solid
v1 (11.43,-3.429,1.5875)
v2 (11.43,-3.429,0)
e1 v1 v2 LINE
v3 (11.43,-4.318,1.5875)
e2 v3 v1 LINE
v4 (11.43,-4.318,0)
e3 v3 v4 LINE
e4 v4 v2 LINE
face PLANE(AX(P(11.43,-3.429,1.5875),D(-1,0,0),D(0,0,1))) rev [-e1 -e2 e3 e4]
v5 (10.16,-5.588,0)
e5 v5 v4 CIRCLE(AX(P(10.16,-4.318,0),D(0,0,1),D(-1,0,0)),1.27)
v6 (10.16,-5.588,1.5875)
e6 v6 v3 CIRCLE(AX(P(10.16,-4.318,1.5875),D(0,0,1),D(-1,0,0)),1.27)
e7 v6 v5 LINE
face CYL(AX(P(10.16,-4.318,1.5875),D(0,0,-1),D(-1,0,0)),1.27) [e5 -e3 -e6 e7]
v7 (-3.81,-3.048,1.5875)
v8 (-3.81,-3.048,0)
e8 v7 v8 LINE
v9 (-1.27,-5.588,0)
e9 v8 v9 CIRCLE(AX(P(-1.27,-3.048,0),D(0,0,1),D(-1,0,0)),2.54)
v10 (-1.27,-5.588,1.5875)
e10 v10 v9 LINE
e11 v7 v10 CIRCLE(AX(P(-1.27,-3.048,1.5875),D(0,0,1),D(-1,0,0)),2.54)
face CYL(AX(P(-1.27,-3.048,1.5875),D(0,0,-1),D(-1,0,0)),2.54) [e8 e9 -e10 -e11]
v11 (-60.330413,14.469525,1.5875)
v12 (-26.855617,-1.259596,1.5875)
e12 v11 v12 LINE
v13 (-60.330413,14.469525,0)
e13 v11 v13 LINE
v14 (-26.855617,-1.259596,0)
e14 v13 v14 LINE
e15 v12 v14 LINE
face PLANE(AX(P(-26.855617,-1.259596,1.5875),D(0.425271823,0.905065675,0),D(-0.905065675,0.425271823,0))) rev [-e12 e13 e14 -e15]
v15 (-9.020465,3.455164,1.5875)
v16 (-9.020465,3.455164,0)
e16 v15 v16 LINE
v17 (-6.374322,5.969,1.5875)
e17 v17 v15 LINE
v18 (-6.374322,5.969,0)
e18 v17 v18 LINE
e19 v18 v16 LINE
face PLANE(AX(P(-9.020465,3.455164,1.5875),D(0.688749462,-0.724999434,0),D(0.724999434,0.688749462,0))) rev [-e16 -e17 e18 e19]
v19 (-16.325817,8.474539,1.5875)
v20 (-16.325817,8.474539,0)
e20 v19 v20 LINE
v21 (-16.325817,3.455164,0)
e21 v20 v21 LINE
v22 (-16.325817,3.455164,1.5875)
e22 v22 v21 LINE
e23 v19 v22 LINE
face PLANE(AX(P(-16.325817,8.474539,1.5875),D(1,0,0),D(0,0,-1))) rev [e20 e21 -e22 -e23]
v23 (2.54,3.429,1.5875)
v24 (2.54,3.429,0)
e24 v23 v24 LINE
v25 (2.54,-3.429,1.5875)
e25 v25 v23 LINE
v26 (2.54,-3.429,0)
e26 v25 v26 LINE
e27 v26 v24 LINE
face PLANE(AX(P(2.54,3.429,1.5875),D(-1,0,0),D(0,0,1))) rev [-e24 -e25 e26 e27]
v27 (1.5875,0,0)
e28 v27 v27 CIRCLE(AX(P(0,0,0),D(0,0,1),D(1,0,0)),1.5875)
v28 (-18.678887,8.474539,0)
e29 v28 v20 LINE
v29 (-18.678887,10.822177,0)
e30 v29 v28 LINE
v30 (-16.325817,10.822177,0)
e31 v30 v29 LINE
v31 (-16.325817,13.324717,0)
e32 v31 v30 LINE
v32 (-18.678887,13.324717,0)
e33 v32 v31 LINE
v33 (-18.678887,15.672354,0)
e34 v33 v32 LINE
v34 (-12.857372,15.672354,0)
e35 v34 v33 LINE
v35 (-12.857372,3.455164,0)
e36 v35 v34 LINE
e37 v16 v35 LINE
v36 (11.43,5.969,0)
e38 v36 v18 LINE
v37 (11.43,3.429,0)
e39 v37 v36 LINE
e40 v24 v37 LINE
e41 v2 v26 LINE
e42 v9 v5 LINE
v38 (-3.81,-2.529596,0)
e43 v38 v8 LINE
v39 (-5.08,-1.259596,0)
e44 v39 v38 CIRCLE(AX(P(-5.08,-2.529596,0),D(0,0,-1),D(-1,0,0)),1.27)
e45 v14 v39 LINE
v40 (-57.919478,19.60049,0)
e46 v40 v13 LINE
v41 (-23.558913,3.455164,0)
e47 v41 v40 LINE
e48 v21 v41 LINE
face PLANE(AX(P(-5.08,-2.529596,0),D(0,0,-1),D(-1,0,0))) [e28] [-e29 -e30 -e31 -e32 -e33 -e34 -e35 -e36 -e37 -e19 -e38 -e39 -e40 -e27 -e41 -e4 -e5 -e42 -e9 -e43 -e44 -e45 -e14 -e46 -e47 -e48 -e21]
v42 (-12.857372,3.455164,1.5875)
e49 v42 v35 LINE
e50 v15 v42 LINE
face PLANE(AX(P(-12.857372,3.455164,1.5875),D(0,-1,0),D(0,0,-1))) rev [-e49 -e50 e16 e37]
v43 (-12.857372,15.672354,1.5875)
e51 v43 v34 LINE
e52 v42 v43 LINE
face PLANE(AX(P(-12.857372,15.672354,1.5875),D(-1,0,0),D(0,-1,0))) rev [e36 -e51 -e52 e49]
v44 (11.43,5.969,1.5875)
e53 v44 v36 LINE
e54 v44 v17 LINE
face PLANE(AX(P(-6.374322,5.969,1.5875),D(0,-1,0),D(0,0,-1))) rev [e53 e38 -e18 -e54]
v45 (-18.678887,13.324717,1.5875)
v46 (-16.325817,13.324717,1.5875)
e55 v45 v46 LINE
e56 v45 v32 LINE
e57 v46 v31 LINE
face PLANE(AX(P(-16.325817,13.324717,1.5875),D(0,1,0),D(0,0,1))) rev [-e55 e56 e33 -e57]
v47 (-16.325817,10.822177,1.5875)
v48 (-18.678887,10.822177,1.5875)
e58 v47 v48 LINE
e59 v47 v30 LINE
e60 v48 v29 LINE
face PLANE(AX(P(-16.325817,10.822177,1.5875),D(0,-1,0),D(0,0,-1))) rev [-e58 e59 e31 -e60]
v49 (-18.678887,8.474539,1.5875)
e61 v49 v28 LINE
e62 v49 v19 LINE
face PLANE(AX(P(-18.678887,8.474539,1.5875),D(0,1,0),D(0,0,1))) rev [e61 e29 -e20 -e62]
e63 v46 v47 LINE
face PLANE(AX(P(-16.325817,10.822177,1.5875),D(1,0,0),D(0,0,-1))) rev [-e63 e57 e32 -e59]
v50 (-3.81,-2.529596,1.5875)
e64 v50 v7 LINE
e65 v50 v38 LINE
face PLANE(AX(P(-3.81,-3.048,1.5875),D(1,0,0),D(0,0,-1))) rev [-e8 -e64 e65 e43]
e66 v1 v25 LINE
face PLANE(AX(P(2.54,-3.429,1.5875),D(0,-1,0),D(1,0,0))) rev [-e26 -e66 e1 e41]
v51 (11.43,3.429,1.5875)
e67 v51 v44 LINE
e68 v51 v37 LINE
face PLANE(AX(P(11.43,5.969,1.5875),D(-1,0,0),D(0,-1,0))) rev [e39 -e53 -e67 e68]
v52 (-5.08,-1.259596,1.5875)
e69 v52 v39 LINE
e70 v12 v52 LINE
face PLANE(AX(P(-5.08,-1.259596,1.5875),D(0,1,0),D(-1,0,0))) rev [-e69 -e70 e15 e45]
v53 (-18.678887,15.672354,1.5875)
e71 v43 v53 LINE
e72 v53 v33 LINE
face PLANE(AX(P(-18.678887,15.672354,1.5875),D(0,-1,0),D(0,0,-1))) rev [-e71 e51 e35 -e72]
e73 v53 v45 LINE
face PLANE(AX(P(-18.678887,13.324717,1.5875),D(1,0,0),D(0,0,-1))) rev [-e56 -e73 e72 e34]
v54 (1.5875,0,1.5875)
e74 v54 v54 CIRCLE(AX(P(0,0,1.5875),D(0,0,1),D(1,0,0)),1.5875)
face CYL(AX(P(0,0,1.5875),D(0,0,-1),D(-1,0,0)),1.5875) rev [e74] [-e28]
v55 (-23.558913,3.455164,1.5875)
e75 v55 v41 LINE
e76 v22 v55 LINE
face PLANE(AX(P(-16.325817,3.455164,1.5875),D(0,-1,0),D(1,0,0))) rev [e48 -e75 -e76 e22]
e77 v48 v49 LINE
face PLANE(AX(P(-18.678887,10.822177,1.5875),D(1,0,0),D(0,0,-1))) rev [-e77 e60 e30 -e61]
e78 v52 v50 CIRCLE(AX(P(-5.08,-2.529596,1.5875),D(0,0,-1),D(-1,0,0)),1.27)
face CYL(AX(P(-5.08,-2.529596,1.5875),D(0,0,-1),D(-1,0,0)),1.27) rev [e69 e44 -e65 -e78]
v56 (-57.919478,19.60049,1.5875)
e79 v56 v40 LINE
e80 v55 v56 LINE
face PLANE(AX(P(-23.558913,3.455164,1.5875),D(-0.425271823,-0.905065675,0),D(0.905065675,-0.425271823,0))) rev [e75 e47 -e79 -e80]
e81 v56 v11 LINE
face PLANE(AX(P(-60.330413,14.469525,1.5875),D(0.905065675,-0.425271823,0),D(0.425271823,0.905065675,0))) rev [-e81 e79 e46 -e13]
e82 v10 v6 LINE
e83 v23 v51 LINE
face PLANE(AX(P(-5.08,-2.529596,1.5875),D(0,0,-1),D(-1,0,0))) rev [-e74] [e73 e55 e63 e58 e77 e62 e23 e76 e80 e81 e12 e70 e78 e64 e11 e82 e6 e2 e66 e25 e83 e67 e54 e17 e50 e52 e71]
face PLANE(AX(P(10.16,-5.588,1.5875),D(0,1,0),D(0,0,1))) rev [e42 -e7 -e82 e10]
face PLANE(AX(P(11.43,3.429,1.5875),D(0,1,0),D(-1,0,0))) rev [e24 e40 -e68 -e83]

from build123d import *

# Parameters (mm, degrees)
SKETCH1_R           = 1.5875
BOSS_EXTRUDE1_DEPTH = 1.5875


with BuildPart() as part:
    # Sketch1 → Boss-Extrude1 (new body)
    with BuildSketch(Plane.XY):
        with BuildLine():
            Line((-16.325816956, 3.455164033), (-23.558913278, 3.455164033))
            Line((-23.558913278, 3.455164033), (-57.919477855, 19.600489558))
            Line((-57.919477855, 19.600489558), (-60.33041288, 14.469525274))
            Line((-60.33041288, 14.469525274), (-26.855616668, -1.259595838))
            Line((-26.855616668, -1.259595838), (-5.08, -1.259595838))
            ThreePointArc((-5.08, -1.259595838), (-4.181974388, -1.631570226), (-3.81, -2.529595838))
            Line((-3.81, -2.529595838), (-3.81, -3.048))
            ThreePointArc((-3.81, -3.048), (-3.066051224, -4.844051224), (-1.27, -5.588))
            Line((-1.27, -5.588), (10.16, -5.588))
            ThreePointArc((10.16, -5.588), (11.058025612, -5.216025612), (11.43, -4.318))
            Line((11.43, -4.318), (11.43, -3.429))
            Line((11.43, -3.429), (2.54, -3.429))
            Line((2.54, -3.429), (2.54, 3.429))
            Line((2.54, 3.429), (11.43, 3.429))
            Line((11.43, 3.429), (11.43, 5.969))
            Line((11.43, 5.969), (-6.374321652, 5.969))
            Line((-6.374321652, 5.969), (-9.020464775, 3.455164033))
            Line((-9.020464775, 3.455164033), (-12.857372303, 3.455164033))
            Line((-12.857372303, 3.455164033), (-12.857372303, 15.672353851))
            Line((-12.857372303, 15.672353851), (-18.678887174, 15.672353851))
            Line((-18.678887174, 15.672353851), (-18.678887174, 13.324716524))
            Line((-18.678887174, 13.324716524), (-16.325816956, 13.324716524))
            Line((-16.325816956, 13.324716524), (-16.325816956, 10.822176612))
            Line((-16.325816956, 10.822176612), (-18.678887174, 10.822176612))
            Line((-18.678887174, 10.822176612), (-18.678887174, 8.474539284))
            Line((-18.678887174, 8.474539284), (-16.325816956, 8.474539284))
            Line((-16.325816956, 8.474539284), (-16.325816956, 3.455164033))
        make_face()
        Circle(SKETCH1_R, mode=Mode.SUBTRACT)
    extrude(amount=BOSS_EXTRUDE1_DEPTH)


solid = part.part
